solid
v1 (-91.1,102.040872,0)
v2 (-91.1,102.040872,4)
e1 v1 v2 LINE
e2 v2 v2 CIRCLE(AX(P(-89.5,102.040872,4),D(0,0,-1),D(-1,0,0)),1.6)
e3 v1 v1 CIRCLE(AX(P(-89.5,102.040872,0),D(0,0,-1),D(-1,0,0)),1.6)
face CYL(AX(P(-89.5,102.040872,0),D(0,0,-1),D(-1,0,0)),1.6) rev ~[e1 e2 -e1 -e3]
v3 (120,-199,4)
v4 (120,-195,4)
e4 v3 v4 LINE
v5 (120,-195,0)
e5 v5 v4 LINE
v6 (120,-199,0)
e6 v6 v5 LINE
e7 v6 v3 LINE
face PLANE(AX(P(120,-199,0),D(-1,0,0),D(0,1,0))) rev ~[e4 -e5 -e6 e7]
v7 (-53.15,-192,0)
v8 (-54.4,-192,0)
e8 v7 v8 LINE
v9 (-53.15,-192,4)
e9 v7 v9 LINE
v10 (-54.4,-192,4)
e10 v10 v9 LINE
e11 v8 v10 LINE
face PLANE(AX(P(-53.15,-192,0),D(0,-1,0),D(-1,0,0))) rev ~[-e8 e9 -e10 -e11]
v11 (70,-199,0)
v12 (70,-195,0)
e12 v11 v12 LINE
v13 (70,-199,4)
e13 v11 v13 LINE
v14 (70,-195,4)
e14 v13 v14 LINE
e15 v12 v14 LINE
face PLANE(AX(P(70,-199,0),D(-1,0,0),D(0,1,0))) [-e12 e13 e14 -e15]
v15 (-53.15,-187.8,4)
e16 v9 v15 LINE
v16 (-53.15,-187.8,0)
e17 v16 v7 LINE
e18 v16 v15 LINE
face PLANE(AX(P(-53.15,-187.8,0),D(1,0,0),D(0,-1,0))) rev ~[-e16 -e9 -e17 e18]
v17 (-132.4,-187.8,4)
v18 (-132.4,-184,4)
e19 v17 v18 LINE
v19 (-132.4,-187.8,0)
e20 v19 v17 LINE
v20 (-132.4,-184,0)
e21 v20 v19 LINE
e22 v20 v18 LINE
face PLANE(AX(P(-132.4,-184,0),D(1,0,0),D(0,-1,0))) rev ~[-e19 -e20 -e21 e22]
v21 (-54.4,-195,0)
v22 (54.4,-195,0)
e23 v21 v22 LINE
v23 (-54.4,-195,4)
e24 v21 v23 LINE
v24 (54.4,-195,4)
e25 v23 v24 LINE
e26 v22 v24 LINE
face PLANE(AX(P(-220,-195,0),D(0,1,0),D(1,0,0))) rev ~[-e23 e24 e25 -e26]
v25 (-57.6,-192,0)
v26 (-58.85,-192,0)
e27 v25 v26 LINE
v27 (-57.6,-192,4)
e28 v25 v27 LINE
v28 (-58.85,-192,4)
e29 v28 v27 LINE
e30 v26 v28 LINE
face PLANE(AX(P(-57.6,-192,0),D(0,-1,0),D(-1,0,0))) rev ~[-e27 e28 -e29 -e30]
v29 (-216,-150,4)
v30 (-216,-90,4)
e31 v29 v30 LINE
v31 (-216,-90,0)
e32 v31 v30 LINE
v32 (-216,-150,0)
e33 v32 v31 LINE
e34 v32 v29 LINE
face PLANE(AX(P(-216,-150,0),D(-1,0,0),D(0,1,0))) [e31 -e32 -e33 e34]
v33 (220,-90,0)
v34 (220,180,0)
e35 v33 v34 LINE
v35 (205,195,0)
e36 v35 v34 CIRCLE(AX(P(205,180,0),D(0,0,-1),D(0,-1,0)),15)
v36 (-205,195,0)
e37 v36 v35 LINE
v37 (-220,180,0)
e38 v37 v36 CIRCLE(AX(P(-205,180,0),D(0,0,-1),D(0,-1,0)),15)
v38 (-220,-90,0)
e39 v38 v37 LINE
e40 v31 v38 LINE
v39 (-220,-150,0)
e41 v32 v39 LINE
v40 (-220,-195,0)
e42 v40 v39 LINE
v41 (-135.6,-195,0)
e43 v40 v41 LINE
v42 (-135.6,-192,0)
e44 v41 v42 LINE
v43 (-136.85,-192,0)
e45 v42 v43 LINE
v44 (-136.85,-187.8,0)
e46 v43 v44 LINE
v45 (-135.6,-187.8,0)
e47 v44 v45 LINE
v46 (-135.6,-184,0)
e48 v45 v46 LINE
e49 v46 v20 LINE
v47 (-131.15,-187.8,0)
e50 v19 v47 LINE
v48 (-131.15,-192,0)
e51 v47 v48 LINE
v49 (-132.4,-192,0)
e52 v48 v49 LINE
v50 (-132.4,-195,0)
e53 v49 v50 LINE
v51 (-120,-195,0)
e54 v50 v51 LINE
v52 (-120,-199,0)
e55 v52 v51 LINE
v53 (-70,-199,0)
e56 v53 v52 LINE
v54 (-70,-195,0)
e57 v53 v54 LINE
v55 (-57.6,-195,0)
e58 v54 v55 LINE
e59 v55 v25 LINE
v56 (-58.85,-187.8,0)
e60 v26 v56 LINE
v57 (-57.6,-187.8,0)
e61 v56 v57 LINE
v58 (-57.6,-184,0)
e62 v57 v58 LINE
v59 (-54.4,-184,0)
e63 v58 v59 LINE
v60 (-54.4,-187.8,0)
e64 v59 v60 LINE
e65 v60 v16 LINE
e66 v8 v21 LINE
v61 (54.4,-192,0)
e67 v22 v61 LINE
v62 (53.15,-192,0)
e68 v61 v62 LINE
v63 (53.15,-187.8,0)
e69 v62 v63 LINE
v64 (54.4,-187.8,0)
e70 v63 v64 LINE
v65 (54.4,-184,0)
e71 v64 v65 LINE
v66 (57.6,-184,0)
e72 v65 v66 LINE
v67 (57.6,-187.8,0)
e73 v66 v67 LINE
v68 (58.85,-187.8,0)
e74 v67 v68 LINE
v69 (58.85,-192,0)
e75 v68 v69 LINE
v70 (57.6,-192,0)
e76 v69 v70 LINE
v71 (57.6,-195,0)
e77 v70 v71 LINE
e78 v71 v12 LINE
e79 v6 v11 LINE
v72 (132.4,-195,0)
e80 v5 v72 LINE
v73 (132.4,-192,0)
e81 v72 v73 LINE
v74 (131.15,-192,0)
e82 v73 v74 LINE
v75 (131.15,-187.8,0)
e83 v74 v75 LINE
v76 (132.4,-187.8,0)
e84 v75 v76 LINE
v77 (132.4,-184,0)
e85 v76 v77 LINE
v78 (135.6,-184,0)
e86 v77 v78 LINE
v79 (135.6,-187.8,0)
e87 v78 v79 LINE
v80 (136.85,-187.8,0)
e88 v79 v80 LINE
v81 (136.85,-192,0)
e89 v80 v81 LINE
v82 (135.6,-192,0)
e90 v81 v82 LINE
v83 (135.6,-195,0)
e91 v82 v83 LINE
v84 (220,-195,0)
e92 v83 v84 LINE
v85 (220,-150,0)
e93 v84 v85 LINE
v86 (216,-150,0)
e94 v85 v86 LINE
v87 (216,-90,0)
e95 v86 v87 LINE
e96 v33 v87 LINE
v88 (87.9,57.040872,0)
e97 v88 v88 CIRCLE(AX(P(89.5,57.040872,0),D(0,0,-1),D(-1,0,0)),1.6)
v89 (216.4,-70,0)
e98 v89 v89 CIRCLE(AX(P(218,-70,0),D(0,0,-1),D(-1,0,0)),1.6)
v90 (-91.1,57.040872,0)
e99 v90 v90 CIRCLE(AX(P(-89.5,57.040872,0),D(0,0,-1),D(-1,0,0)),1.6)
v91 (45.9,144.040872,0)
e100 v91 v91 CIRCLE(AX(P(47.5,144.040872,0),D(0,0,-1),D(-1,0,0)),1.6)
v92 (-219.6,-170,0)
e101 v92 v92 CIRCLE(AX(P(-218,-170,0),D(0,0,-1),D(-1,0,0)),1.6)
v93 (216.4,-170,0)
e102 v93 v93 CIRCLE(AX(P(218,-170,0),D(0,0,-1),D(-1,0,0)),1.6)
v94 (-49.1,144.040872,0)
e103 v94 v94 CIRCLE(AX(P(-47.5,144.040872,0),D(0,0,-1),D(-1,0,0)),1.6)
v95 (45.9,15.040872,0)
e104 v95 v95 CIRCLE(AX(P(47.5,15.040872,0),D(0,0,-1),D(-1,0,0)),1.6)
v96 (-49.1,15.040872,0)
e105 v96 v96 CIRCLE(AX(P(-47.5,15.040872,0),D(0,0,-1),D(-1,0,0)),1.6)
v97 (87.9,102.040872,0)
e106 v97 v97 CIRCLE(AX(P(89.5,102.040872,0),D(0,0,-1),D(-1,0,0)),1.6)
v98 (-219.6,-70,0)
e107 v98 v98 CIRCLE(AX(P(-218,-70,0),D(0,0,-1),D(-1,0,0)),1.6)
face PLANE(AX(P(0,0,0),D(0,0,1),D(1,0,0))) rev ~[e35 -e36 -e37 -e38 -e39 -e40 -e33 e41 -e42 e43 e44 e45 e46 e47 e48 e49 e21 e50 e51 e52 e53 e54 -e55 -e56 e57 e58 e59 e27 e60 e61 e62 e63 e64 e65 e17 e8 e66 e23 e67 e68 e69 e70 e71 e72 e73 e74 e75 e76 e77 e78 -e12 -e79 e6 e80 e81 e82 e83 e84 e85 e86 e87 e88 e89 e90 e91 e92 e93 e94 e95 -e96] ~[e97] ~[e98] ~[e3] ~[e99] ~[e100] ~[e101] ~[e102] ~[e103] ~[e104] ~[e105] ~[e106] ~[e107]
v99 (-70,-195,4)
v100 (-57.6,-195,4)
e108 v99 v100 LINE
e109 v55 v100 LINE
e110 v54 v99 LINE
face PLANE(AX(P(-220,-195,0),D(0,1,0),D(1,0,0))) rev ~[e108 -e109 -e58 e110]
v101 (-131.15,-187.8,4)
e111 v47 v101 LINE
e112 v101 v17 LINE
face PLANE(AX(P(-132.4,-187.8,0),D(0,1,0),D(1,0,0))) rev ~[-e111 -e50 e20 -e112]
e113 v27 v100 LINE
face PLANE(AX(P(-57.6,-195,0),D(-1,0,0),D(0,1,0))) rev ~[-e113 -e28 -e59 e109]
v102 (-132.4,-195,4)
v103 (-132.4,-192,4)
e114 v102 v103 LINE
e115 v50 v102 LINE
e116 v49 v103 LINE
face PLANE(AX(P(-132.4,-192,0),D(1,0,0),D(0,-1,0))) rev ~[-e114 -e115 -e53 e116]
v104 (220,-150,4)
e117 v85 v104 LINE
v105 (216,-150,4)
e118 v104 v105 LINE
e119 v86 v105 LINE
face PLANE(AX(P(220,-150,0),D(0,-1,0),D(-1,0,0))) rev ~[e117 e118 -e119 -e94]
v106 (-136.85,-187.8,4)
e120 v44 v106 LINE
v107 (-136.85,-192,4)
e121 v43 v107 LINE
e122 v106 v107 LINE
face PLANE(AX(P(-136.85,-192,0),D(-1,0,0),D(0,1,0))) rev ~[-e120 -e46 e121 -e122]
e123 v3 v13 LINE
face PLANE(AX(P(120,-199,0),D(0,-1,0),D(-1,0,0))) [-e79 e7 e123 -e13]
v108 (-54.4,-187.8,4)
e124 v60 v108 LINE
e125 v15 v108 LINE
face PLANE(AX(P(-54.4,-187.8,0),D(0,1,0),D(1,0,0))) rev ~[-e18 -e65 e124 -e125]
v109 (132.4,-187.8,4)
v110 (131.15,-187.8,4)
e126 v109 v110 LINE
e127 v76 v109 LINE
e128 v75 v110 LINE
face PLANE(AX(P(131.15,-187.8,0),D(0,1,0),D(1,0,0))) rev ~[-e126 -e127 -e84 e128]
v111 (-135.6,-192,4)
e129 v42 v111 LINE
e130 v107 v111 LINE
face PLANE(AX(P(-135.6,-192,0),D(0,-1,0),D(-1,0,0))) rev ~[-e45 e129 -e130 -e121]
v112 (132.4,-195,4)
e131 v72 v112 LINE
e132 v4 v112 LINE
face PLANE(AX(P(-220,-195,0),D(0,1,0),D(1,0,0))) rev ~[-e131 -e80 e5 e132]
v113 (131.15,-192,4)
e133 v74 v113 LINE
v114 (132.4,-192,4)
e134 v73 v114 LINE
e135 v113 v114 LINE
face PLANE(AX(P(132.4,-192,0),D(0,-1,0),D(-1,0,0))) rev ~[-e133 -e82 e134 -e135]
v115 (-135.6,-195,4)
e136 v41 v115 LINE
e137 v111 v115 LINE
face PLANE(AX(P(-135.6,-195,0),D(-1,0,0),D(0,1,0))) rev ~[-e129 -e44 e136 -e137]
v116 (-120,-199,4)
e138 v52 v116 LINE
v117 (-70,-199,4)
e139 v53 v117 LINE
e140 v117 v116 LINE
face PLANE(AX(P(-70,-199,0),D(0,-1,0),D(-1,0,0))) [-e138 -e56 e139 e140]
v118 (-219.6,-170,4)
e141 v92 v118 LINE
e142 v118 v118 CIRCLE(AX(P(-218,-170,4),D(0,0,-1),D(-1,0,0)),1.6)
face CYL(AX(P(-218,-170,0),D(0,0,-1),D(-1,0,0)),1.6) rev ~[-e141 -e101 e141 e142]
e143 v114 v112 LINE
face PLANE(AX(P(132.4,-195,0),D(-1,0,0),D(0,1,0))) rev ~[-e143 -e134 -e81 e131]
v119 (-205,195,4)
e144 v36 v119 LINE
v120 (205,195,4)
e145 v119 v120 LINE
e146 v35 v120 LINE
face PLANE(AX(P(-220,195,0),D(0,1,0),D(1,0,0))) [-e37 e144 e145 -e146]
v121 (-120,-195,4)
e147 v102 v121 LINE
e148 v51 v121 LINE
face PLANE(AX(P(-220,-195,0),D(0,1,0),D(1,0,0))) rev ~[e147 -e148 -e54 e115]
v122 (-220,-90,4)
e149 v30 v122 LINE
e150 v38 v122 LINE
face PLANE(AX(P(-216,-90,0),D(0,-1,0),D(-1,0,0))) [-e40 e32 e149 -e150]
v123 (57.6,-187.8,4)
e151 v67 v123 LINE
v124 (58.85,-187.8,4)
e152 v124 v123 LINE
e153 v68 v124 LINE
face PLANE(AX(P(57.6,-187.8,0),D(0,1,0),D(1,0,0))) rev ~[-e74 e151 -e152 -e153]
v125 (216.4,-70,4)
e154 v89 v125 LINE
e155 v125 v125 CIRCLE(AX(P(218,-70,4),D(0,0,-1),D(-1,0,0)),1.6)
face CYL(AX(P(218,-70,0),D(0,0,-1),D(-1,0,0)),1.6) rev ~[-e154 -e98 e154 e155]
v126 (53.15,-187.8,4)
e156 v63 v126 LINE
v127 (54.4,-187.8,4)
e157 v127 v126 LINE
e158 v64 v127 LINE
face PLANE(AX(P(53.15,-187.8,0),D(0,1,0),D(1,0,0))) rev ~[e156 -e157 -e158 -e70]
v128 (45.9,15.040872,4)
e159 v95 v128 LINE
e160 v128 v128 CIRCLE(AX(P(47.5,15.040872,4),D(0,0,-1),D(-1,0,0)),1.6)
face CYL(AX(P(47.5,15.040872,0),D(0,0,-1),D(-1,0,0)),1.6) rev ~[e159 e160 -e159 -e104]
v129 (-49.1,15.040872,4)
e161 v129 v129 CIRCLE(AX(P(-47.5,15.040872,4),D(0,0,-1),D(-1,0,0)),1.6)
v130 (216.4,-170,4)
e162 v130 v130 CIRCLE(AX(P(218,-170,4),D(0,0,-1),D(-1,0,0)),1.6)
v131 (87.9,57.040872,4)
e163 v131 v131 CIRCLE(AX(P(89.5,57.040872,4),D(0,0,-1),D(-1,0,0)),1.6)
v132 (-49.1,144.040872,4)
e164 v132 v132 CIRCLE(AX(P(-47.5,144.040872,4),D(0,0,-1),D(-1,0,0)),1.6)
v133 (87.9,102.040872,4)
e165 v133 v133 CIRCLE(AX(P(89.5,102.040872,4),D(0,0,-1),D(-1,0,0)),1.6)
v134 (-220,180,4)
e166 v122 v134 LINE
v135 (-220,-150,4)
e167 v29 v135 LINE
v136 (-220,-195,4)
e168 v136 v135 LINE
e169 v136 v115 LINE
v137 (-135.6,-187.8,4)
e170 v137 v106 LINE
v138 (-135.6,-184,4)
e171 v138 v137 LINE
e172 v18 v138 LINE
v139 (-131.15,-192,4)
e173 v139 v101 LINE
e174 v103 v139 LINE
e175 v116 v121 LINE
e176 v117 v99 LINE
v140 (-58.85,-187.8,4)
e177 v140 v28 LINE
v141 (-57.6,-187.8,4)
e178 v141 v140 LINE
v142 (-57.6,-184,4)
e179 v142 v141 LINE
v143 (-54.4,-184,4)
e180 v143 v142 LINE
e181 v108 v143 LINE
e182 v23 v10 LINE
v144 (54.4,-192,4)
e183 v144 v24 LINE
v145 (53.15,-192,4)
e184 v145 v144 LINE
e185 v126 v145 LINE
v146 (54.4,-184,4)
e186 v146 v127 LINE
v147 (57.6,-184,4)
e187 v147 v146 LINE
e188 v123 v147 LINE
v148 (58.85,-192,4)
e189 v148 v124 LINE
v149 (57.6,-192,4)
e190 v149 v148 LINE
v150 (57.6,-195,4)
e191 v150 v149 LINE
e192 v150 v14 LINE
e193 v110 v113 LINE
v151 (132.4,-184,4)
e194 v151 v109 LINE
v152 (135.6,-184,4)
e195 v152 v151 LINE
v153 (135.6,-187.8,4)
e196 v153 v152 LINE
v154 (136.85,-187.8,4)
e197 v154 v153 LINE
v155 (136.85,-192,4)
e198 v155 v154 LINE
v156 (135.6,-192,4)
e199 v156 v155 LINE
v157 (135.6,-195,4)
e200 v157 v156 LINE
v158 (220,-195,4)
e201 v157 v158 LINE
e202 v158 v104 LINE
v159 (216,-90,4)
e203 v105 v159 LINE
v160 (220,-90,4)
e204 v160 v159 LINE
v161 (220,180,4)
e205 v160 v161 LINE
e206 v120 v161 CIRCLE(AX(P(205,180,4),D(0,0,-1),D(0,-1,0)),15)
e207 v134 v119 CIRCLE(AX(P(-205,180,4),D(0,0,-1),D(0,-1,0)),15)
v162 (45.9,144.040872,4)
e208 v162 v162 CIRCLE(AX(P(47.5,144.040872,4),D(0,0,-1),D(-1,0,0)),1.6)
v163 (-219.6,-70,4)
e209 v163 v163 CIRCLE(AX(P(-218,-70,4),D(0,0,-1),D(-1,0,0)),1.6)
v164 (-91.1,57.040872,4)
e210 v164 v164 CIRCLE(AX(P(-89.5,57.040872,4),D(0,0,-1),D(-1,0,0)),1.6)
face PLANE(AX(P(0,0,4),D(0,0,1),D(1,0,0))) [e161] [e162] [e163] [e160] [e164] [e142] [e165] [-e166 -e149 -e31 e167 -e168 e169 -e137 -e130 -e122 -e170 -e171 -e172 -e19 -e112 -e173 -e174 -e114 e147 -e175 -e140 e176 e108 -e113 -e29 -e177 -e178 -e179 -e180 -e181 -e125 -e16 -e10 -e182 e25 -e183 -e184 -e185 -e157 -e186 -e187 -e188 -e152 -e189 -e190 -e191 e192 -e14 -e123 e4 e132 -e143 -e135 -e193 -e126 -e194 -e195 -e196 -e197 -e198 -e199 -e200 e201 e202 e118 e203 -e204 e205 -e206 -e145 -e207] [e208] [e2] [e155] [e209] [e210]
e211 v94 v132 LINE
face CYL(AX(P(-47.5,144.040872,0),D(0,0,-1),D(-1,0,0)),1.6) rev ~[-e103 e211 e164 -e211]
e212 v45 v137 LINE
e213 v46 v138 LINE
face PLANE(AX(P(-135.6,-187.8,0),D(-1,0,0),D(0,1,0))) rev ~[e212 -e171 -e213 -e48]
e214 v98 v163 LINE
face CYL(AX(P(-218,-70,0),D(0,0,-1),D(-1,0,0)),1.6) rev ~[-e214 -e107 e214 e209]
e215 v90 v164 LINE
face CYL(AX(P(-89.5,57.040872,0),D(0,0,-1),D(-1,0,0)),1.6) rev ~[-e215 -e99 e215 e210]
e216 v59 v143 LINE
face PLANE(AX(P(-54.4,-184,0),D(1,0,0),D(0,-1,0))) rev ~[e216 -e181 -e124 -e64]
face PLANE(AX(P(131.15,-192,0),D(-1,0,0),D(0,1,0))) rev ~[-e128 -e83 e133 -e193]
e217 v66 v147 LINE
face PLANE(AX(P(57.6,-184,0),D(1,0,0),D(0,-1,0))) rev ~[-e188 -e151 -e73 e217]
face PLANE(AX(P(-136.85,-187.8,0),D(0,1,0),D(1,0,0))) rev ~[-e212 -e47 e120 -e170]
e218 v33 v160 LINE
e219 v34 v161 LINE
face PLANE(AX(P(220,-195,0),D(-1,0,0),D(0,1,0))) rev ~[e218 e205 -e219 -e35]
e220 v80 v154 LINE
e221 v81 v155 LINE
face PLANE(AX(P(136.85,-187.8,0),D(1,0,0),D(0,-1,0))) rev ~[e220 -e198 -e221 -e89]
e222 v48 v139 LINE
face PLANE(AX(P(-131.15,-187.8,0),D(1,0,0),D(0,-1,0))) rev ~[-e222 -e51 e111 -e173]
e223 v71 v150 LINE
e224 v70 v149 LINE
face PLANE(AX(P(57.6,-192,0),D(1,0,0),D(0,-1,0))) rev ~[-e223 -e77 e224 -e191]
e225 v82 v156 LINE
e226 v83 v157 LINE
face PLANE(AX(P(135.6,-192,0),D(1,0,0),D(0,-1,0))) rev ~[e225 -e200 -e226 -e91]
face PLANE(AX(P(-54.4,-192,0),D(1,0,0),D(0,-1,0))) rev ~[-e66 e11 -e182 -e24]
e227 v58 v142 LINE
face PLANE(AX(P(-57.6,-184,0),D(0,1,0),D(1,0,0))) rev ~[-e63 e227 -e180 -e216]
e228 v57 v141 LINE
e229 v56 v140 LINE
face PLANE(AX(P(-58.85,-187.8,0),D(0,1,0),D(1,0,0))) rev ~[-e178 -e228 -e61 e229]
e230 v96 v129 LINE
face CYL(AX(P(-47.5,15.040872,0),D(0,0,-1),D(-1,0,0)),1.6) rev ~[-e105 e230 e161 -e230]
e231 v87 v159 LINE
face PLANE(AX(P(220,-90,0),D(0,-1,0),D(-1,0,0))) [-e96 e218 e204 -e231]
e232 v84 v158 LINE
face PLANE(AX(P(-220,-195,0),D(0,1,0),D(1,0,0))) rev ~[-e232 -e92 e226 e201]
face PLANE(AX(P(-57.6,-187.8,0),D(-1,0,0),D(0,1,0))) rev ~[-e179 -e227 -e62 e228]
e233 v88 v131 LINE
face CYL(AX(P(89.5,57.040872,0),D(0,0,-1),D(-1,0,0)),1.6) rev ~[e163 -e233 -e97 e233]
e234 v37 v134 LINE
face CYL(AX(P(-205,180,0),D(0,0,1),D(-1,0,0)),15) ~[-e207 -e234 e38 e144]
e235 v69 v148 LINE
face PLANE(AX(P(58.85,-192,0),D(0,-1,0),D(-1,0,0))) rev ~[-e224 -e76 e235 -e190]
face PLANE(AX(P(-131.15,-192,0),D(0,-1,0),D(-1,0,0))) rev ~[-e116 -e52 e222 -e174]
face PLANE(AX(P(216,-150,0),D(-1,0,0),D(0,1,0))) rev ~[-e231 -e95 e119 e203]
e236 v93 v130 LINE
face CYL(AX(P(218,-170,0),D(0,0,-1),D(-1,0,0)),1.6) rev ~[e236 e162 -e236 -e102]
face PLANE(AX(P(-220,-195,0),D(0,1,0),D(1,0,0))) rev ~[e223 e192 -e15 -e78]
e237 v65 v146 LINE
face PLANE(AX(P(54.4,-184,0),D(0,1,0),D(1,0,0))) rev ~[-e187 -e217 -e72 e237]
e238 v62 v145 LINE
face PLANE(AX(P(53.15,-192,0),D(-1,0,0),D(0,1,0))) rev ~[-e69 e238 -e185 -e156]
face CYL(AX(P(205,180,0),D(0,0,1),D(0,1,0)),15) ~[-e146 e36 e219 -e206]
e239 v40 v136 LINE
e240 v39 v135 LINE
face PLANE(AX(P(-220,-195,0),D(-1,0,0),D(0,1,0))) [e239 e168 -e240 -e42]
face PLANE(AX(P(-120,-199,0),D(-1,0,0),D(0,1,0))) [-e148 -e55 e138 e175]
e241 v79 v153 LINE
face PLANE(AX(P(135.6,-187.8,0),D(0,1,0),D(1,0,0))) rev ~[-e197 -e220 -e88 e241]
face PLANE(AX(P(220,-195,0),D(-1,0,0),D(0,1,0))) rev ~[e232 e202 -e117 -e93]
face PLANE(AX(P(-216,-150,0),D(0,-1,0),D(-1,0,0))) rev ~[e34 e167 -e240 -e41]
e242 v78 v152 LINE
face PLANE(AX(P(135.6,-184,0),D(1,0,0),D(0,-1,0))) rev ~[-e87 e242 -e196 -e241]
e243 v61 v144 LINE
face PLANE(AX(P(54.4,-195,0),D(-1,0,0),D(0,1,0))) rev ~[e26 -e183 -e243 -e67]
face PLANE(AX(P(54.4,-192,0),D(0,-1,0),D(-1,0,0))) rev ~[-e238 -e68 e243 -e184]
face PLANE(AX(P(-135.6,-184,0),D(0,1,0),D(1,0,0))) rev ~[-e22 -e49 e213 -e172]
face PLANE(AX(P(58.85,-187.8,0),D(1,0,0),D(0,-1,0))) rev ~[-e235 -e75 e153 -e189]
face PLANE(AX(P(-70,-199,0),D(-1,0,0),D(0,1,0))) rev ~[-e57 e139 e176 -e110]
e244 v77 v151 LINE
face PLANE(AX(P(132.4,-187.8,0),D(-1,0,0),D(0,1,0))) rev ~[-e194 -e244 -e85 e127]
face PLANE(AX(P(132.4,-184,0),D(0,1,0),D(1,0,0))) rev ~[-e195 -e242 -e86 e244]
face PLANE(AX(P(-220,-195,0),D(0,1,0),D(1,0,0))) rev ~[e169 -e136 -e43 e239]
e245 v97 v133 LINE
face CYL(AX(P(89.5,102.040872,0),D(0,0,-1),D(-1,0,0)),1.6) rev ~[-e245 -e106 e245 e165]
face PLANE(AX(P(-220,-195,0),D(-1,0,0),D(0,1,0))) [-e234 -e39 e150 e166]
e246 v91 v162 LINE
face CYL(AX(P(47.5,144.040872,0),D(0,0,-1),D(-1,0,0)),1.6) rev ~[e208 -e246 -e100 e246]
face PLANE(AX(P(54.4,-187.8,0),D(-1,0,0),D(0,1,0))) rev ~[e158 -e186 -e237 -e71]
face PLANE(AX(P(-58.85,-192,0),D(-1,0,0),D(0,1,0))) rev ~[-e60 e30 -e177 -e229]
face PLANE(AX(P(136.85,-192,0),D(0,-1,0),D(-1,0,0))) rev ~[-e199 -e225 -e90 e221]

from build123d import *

# Parameters (mm, degrees)
ESQUISSE1_W             = 440
ESQUISSE1_H             = 390
BOSS_EXTRU_1_DEPTH      = 4
ESQUISSE2_W             = 50
ESQUISSE2_H             = 4
BOSS_EXTRU_2_DEPTH      = 4
ESQUISSE3_W             = 4
ESQUISSE3_H             = 60
ENL_V_MAT_EXTRU_1_DEPTH = 4
CONG_1_R                = 15
ESQUISSE4_R             = 1.6
ENL_V_MAT_EXTRU_2_DEPTH = 10
ESQUISSE5_R             = 1.6
ENL_V_MAT_EXTRU_3_DEPTH = 4


with BuildPart() as part:
    # Esquisse1 → Boss.-Extru.1 (new body)
    with BuildSketch(Plane.XY):
        Rectangle(ESQUISSE1_W, ESQUISSE1_H)
    extrude(amount=BOSS_EXTRU_1_DEPTH)

    # Esquisse2 → Boss.-Extru.2 (add)
    with BuildSketch(Plane(origin=(0, 0, 0), x_dir=(-1, 0, 0), z_dir=(0, 0, -1))):
        with Locations((-95, -197)):
            Rectangle(ESQUISSE2_W, ESQUISSE2_H)
        with Locations((95, -197)):
            Rectangle(ESQUISSE2_W, ESQUISSE2_H)
    extrude(amount=-BOSS_EXTRU_2_DEPTH)

    # Esquisse3 → Enlèv. mat.-Extru.1 (cut)
    with BuildSketch(Plane(origin=(0, 0, 0), x_dir=(-1, 0, 0), z_dir=(0, 0, -1))):
        with Locations((-218, -120)):
            Rectangle(ESQUISSE3_W, ESQUISSE3_H)
        with Locations((218, -120)):
            Rectangle(ESQUISSE3_W, ESQUISSE3_H)
    extrude(amount=-ENL_V_MAT_EXTRU_1_DEPTH, mode=Mode.SUBTRACT)

    # Congé1
    cong_1_edges = [part.edges().sort_by_distance(p)[0] for p in [
        (-220, 195, 2),
        (220, 195, 2),
    ]]
    fillet(cong_1_edges, radius=CONG_1_R)

    # Esquisse4 → Enlèv. mat.-Extru.2 (cut)
    with BuildSketch(Plane(origin=(0, 0, 0), x_dir=(-1, 0, 0), z_dir=(0, 0, -1))):
        Polygon((-132.4, -195), (-132.4, -192), (-131.15, -192), (-131.15, -187.8), (-132.4, -187.8), (-132.4, -184), (-135.6, -184), (-135.6, -187.8), (-136.85, -187.8), (-136.85, -192), (-135.6, -192), (-135.6, -195), align=None)
        Polygon((-57.6, -192), (-57.6, -195), (-54.4, -195), (-54.4, -192), (-53.15, -192), (-53.15, -187.8), (-54.4, -187.8), (-54.4, -184), (-57.6, -184), (-57.6, -187.8), (-58.85, -187.8), (-58.85, -192), align=None)
        with Locations((-218, -170)):
            Circle(ESQUISSE4_R)
        with Locations((-218, -70)):
            Circle(ESQUISSE4_R)
        with Locations((218, -70)):
            Circle(ESQUISSE4_R)
        with Locations((218, -170)):
            Circle(ESQUISSE4_R)
        Polygon((54.4, -192), (54.4, -195), (57.6, -195), (57.6, -192), (58.85, -192), (58.85, -187.8), (57.6, -187.8), (57.6, -184), (54.4, -184), (54.4, -187.8), (53.15, -187.8), (53.15, -192), align=None)
        Polygon((135.6, -187.8), (135.6, -184), (132.4, -184), (132.4, -187.8), (131.15, -187.8), (131.15, -192), (132.4, -192), (132.4, -195), (135.6, -195), (135.6, -192), (136.85, -192), (136.85, -187.8), align=None)
    extrude(amount=-ENL_V_MAT_EXTRU_2_DEPTH, mode=Mode.SUBTRACT)

    # Esquisse5 → Enlèv. mat.-Extru.3 (cut)
    with BuildSketch(Plane(origin=(0, 0, 0), x_dir=(-1, 0, 0), z_dir=(0, 0, -1))):
        with Locations((-47.5, 144.040872052)):
            Circle(ESQUISSE5_R)
        with Locations((-89.5, 102.040872052)):
            Circle(ESQUISSE5_R)
        with Locations((-89.5, 57.040872052)):
            Circle(ESQUISSE5_R)
        with Locations((-47.5, 15.040872052)):
            Circle(ESQUISSE5_R)
        with Locations((89.5, 57.040872052)):
            Circle(ESQUISSE5_R)
        with Locations((47.5, 15.040872052)):
            Circle(ESQUISSE5_R)
        with Locations((47.5, 144.040872052)):
            Circle(ESQUISSE5_R)
        with Locations((89.5, 102.040872052)):
            Circle(ESQUISSE5_R)
    extrude(amount=-ENL_V_MAT_EXTRU_3_DEPTH, mode=Mode.SUBTRACT)


solid = part.part
